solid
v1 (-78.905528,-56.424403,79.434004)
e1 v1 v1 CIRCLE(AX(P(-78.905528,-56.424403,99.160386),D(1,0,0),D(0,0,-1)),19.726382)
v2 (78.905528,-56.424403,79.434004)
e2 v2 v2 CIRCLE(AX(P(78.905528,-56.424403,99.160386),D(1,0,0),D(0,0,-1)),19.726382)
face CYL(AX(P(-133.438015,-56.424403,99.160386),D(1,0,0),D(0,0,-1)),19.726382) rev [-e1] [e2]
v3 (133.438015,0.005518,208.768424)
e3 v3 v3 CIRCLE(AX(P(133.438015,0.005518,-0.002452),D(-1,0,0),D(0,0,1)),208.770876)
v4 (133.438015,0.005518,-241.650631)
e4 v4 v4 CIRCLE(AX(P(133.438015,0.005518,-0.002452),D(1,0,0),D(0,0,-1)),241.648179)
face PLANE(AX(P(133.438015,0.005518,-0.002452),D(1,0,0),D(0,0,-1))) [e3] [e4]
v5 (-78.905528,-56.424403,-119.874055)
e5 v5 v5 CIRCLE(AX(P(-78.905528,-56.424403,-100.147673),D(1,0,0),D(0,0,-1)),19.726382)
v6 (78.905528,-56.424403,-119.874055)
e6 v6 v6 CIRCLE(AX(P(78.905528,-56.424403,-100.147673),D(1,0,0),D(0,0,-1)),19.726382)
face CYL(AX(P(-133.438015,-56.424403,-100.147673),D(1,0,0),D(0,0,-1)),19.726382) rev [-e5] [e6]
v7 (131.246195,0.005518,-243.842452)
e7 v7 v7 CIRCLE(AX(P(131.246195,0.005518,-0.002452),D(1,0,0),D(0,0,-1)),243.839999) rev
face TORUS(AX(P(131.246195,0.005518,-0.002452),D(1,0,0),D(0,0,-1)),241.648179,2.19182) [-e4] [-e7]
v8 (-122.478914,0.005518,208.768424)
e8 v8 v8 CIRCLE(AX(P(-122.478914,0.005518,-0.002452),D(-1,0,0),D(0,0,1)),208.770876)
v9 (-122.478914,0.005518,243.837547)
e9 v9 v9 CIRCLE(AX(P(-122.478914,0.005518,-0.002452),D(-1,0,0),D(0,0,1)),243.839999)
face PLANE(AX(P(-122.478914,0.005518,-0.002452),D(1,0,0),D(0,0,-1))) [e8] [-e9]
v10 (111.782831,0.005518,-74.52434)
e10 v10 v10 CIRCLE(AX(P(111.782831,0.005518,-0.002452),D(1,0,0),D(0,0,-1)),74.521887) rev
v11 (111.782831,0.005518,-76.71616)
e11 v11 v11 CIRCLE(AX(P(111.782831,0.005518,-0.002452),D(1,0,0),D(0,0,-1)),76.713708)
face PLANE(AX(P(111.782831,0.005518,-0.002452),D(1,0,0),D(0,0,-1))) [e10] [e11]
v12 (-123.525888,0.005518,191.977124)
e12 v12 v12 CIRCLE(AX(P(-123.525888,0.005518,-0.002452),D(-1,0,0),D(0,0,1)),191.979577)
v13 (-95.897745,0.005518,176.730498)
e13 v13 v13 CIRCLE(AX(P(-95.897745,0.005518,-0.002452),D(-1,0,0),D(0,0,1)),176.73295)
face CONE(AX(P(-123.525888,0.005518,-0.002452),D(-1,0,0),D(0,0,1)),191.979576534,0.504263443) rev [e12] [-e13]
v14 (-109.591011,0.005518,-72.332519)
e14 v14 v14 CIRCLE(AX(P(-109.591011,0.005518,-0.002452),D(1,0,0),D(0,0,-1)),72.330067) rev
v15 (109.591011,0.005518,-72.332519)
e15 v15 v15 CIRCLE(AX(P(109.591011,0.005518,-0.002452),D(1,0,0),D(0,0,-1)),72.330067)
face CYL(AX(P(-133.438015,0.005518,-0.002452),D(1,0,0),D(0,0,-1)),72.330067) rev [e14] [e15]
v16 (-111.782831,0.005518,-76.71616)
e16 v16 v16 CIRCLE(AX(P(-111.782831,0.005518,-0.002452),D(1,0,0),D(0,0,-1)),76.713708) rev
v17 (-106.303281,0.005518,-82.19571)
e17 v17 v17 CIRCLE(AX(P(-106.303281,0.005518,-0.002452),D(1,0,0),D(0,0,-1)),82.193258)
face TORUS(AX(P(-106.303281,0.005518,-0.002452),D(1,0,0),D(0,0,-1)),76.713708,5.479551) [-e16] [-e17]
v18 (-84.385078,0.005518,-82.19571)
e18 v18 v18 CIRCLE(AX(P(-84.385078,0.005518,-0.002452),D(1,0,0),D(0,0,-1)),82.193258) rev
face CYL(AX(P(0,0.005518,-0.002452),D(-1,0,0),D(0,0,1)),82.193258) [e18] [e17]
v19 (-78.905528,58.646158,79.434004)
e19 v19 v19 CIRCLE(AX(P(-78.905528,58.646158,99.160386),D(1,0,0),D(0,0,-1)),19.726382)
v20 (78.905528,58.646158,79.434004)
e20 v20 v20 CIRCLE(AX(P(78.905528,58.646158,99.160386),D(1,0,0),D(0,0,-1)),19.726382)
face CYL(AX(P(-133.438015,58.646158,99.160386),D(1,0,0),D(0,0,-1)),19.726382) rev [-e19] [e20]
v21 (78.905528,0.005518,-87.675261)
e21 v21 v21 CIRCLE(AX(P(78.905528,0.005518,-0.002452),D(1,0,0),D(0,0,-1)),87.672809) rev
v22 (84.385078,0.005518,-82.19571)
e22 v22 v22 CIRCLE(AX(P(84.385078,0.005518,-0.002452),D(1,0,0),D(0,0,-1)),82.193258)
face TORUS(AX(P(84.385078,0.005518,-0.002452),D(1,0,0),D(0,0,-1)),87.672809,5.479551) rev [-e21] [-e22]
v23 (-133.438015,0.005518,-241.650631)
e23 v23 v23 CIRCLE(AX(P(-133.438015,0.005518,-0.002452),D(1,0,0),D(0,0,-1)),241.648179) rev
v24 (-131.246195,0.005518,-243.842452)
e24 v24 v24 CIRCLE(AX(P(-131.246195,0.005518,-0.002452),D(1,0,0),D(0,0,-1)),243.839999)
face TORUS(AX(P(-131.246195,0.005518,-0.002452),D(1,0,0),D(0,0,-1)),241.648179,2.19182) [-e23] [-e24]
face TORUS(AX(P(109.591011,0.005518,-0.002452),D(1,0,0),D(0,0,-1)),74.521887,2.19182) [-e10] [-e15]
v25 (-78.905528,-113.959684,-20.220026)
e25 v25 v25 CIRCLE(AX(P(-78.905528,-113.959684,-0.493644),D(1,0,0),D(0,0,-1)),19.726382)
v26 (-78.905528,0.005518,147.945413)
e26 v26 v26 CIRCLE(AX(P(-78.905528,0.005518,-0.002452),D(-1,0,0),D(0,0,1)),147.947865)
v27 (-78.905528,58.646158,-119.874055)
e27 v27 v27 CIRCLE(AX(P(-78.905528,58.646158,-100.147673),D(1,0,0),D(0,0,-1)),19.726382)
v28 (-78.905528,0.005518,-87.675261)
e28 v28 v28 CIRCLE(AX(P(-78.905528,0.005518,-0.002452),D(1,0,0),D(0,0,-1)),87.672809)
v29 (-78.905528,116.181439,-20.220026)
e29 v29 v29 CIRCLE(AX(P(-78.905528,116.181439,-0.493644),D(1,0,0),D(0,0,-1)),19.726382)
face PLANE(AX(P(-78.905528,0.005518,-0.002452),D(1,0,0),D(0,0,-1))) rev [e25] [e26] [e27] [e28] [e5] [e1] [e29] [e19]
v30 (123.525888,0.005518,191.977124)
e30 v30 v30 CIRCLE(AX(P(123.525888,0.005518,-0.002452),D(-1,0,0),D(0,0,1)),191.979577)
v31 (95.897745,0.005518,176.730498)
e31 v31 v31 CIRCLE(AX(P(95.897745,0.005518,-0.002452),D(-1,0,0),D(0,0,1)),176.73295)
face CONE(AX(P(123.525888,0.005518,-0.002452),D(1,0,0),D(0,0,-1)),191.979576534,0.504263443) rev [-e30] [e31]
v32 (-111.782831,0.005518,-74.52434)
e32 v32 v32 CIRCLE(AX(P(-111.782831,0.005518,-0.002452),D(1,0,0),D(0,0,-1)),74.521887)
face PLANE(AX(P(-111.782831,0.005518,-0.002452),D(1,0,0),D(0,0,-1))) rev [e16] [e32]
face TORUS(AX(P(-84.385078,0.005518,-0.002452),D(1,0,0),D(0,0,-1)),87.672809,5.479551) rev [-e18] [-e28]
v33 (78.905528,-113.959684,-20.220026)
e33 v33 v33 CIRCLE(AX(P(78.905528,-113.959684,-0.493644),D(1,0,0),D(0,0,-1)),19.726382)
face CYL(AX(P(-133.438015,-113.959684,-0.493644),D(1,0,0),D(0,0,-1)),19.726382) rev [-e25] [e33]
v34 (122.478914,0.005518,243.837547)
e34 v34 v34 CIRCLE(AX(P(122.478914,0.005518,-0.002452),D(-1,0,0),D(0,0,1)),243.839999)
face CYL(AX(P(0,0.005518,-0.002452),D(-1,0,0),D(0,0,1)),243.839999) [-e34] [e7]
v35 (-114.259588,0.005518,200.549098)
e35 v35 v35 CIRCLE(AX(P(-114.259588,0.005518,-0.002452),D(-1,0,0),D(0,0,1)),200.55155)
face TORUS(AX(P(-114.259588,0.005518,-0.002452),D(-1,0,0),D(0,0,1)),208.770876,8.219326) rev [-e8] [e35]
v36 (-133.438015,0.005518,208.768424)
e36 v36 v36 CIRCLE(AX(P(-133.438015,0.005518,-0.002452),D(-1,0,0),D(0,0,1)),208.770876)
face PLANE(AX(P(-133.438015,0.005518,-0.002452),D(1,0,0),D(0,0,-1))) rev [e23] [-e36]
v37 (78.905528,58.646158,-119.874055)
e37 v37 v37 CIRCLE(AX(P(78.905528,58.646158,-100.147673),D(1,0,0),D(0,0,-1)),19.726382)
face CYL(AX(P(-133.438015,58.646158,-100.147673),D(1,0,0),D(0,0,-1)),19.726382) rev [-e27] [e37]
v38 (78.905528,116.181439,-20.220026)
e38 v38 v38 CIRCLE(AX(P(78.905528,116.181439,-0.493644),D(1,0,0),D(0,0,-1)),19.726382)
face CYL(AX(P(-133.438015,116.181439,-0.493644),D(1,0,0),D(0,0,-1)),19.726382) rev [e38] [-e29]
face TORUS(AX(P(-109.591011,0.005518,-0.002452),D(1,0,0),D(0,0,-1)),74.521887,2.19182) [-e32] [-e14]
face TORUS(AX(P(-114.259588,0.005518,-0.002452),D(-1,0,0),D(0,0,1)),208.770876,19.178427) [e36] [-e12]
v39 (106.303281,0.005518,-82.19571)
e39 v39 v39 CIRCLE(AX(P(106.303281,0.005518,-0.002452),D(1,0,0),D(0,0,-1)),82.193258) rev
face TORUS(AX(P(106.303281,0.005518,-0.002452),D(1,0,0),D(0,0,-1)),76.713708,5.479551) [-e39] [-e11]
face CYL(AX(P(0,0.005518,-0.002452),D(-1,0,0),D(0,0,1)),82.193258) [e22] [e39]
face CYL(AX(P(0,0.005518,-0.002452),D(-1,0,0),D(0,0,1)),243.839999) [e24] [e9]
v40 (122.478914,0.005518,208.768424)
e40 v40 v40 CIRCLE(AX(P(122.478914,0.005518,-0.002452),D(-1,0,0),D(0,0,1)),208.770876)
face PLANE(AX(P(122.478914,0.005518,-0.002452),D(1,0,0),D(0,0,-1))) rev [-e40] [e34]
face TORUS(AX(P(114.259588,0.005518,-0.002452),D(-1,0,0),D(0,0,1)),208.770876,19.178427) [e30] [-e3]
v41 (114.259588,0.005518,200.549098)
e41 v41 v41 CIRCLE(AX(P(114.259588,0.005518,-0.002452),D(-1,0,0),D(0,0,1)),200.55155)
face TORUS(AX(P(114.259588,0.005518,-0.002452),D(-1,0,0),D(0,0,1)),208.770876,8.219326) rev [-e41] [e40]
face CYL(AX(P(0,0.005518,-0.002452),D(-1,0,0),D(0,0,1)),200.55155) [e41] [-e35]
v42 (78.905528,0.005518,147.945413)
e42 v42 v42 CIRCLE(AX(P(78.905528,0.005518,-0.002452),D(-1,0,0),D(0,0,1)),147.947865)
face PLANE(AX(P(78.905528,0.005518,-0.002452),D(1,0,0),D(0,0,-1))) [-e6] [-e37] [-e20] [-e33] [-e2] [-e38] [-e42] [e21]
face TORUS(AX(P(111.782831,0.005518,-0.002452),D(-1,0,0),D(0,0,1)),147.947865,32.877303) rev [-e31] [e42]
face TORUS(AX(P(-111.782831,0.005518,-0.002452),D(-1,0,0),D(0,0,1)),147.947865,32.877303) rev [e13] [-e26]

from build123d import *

# Parameters (mm, degrees)
SKETCH2_R          = 18
CUT_EXTRUDE1_DEPTH = 194.76
SKETCH3_R          = 66
CUT_EXTRUDE2_DEPTH = 224.76
FILLET1_R          = 5
FILLET2_R          = 2
FILLET3_R          = 5
FILLET4_R          = 2
SCALE1_SCALE       = 1.09591011


with BuildPart() as part:
    # Sketch1 → Revolve1 (revolve)
    with BuildSketch(Plane.XY):
        with BuildLine():
            ThreePointArc((87.505119212, 161.265917668), (76.165464745, 150.250468458), (72, 135))
            Line((72, 135), (72, 75))
            Line((72, 75), (102, 75))
            Line((102, 75), (102, 0))
            Line((102, 0), (-102, 0))
            Line((-102, 0), (-102, 75))
            Line((-102, 75), (-72, 75))
            Line((-72, 75), (-72, 135))
            ThreePointArc((-72, 135), (-76.165464745, 150.250468458), (-87.505119212, 161.265917668))
            Line((-87.505119212, 161.265917668), (-112.715347126, 175.178214694))
            ThreePointArc((-112.715347126, 175.178214694), (-119.330145565, 181.6038934), (-121.76, 190.5))
            Line((-121.76, 190.5), (-121.76, 222.5))
            Line((-121.76, 222.5), (-111.76, 222.5))
            Line((-111.76, 222.5), (-111.76, 190.5))
            ThreePointArc((-111.76, 190.5), (-109.563300859, 185.196699141), (-104.26, 183))
            Line((-104.26, 183), (104.26, 183))
            ThreePointArc((104.26, 183), (109.563300859, 185.196699141), (111.76, 190.5))
            Line((111.76, 190.5), (111.76, 222.5))
            Line((111.76, 222.5), (121.76, 222.5))
            Line((121.76, 222.5), (121.76, 190.5))
            ThreePointArc((121.76, 190.5), (119.330145565, 181.6038934), (112.715347126, 175.178214694))
            Line((112.715347126, 175.178214694), (87.505119212, 161.265917668))
        make_face()
    revolve(axis=Axis((0, 0, 0), (1, 0, 0)))

    # Sketch2 → Cut-Extrude1 (cut, through all)
    with BuildSketch(Plane(origin=(72, 0, 0), x_dir=(0, 0, -1), z_dir=(1, 0, 0))):
        with Locations((0.448204547, 106.008622634)):
            Circle(SKETCH2_R)
        with Locations((91.380871944, 53.508622634)):
            Circle(SKETCH2_R)
        with Locations((91.380871944, -51.491377366)):
            Circle(SKETCH2_R)
        with Locations((0.448204547, -103.991377366)):
            Circle(SKETCH2_R)
        with Locations((-90.48446285, -51.491377366)):
            Circle(SKETCH2_R)
        with Locations((-90.48446285, 53.508622634)):
            Circle(SKETCH2_R)
    extrude(amount=-CUT_EXTRUDE1_DEPTH, mode=Mode.SUBTRACT)

    # Sketch3 → Cut-Extrude2 (cut, through all)
    with BuildSketch(Plane(origin=(102, 0, 0), x_dir=(0, 0, -1), z_dir=(1, 0, 0))):
        Circle(SKETCH3_R)
    extrude(amount=-CUT_EXTRUDE2_DEPTH, mode=Mode.SUBTRACT)

    # Fillet1
    fillet1_edges = [part.edges().sort_by_distance(p)[0] for p in [
        (72, -75, 0),
        (102, -75, 0),
    ]]
    fillet(fillet1_edges, radius=FILLET1_R)

    # Fillet2
    fillet2_edges = [part.edges().sort_by_distance(p)[0] for p in [
        (-121.76, -222.5, 0),
        (121.76, -222.5, 0),
    ]]
    fillet(fillet2_edges, radius=FILLET2_R)

    # Fillet3
    fillet3_edges = [part.edges().sort_by_distance(p)[0] for p in [
        (-102, -75, 0),
        (-72, -75, 0),
    ]]
    fillet(fillet3_edges, radius=FILLET3_R)

    # Fillet4
    fillet4_edges = [part.edges().sort_by_distance(p)[0] for p in [
        (-102, 0, 66),
        (102, 0, 66),
    ]]
    fillet(fillet4_edges, radius=FILLET4_R)


with BuildPart() as part_1:
    # Scale1: scaled about (0, -0.057532792, 0.025566013)
    add(part.part.scale(SCALE1_SCALE).moved(Location((0, 0.005517976, -0.002452039))))


solid = part_1.part
